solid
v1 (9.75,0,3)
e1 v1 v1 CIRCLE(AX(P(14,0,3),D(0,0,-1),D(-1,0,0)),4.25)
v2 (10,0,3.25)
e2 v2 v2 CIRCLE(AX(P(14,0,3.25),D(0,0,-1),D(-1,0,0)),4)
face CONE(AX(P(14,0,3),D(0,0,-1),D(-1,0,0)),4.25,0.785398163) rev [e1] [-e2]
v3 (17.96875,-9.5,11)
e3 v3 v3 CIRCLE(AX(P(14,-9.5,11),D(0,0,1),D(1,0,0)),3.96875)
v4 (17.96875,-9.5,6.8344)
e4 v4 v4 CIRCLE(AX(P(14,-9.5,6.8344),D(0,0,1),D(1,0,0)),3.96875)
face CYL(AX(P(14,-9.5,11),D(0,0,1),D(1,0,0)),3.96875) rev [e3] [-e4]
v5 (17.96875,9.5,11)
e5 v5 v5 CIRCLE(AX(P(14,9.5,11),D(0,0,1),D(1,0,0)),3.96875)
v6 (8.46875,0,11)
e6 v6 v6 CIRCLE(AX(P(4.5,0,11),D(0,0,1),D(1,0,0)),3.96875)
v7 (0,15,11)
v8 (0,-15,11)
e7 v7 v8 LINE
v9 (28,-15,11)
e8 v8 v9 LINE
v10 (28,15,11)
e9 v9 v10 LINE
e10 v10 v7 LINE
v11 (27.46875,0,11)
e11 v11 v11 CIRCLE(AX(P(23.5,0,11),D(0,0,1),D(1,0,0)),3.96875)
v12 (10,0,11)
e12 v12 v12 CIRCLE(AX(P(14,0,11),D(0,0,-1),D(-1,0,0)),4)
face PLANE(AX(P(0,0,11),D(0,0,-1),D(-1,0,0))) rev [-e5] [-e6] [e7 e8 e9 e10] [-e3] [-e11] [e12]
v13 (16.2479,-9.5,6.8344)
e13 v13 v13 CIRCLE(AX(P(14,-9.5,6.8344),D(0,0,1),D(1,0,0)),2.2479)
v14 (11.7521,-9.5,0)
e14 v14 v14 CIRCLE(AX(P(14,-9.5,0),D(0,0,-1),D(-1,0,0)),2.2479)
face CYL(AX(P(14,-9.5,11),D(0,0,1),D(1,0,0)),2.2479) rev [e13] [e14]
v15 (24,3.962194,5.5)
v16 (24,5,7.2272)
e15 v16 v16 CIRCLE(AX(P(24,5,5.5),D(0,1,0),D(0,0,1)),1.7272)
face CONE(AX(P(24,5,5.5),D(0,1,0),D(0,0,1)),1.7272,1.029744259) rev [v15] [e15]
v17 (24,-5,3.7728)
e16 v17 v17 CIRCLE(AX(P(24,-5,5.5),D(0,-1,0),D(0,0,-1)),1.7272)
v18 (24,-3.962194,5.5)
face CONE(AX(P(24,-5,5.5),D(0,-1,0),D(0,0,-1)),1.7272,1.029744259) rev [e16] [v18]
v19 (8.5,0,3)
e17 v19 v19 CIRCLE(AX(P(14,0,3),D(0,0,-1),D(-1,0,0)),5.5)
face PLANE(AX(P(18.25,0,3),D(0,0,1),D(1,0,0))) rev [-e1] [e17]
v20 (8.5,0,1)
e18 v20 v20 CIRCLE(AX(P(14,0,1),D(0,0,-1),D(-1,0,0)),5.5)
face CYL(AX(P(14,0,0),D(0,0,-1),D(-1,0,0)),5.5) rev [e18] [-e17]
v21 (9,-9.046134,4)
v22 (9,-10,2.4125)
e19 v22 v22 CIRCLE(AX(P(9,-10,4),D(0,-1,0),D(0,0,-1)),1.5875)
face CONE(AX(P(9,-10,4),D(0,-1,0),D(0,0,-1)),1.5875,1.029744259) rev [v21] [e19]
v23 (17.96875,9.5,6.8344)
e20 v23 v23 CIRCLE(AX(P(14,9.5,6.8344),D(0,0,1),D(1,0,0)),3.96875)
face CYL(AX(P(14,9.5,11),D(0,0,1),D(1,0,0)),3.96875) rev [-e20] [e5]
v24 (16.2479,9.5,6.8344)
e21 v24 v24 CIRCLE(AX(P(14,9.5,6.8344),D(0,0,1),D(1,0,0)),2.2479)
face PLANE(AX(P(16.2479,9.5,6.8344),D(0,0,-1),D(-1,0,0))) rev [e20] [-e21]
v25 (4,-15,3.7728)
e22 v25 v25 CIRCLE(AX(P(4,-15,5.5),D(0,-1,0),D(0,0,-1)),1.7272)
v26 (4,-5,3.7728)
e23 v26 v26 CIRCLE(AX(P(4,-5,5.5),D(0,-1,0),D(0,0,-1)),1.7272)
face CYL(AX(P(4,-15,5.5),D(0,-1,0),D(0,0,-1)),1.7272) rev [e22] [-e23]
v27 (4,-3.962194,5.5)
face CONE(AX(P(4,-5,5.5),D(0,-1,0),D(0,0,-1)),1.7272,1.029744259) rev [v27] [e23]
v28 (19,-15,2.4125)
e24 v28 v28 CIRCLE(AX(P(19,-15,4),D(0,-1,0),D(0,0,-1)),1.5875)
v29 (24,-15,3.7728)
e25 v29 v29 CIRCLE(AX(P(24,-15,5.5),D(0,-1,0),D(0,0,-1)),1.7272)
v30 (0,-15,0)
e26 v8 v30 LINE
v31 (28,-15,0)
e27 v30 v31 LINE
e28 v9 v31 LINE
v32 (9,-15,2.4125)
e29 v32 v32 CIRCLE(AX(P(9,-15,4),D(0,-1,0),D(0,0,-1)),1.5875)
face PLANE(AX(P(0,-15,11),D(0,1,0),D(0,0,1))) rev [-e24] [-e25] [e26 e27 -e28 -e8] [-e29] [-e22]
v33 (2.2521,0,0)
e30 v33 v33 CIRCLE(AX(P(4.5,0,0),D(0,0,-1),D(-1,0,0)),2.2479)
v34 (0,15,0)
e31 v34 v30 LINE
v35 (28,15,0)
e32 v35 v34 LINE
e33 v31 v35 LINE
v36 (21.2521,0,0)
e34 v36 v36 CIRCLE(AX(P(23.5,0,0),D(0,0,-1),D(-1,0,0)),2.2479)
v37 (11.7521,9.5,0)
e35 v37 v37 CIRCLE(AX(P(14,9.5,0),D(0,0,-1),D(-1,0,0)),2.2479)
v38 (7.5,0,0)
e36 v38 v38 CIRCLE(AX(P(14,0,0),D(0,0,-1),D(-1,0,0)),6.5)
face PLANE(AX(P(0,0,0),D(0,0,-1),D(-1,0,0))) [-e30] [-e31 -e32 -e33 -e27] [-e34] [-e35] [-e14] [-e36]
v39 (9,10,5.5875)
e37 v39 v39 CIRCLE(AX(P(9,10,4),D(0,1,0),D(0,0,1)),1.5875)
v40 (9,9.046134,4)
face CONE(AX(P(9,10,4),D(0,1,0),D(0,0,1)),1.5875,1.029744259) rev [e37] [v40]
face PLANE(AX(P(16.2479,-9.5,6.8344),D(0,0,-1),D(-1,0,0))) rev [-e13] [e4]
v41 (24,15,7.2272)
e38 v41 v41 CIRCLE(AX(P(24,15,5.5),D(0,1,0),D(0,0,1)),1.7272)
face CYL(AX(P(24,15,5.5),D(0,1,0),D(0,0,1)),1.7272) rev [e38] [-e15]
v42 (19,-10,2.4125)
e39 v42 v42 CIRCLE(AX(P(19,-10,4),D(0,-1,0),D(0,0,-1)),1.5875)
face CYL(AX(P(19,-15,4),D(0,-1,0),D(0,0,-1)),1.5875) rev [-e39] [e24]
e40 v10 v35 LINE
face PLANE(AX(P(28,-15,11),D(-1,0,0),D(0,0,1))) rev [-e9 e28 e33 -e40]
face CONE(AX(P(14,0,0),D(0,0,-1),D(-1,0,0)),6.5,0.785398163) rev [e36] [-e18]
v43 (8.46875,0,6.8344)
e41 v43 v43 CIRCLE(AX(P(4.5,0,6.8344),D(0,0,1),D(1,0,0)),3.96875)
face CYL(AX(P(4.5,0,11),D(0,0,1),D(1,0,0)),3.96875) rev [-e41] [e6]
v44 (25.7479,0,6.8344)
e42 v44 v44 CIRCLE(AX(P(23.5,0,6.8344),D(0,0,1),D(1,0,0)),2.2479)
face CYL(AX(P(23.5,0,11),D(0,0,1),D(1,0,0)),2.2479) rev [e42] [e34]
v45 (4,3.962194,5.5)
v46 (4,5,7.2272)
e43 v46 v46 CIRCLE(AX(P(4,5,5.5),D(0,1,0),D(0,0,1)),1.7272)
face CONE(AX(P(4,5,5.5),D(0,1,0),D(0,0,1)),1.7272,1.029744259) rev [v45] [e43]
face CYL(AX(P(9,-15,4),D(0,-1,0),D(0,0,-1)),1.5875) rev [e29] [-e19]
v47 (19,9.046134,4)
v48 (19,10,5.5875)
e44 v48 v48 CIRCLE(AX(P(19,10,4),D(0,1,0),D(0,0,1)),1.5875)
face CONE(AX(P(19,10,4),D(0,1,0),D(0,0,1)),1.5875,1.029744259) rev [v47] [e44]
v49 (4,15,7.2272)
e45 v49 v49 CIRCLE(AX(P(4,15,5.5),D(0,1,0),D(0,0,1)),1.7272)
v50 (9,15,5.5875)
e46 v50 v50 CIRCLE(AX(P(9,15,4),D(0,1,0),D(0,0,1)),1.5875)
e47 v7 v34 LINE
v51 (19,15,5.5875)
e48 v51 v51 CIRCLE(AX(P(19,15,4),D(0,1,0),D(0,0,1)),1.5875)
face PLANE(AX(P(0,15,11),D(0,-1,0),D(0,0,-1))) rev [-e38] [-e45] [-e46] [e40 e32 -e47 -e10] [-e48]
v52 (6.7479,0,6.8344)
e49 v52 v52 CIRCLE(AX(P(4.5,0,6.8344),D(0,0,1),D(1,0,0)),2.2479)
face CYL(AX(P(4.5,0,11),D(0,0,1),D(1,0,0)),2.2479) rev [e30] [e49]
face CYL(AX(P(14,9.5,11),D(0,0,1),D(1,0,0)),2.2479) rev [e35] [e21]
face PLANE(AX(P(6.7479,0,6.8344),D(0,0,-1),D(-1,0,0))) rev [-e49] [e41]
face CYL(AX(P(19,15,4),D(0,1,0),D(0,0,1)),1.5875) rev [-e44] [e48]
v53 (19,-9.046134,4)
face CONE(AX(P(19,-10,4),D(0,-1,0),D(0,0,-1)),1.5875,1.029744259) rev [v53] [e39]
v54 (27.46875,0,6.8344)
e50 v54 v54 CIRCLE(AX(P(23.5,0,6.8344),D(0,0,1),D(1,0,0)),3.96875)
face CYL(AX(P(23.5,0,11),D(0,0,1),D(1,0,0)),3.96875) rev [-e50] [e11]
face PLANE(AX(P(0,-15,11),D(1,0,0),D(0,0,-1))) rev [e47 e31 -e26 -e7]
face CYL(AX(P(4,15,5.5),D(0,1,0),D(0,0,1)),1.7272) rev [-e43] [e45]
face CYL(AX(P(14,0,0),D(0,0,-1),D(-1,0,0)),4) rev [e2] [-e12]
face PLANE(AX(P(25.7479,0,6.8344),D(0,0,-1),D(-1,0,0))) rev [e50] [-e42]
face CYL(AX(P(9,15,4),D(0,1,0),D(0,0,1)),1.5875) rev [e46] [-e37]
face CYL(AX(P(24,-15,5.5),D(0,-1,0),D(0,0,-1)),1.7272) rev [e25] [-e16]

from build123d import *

# Parameters (mm, degrees)
SKETCH1_W                                      = 28
SKETCH1_H                                      = 30
BOSS_EXTRUDE1_DEPTH                            = 11
CBORE_FOR_8_SOCKET_HEAD_CAP_SCREW3_D           = 4.4958
CBORE_FOR_8_SOCKET_HEAD_CAP_SCREW3_DEPTH       = 11
CBORE_FOR_8_SOCKET_HEAD_CAP_SCREW3_CBORE_D     = 7.9375
CBORE_FOR_8_SOCKET_HEAD_CAP_SCREW3_CBORE_DEPTH = 4.1656
F_8_32_TAPPED_HOLE1_AT_2_COUNT                 = 2
F_8_32_TAPPED_HOLE1_AT_2_PITCH                 = 20
F_1_8_0_1250_DOWEL_HOLE1_AT_2_COUNT            = 2
F_1_8_0_1250_DOWEL_HOLE1_AT_2_PITCH            = 10


with BuildPart() as part:
    # Sketch1 → Boss-Extrude1 (new body)
    with BuildSketch(Plane.XY):
        with Locations((14, 0)):
            Rectangle(SKETCH1_W, SKETCH1_H)
    extrude(amount=BOSS_EXTRUDE1_DEPTH)

    # Sketch16 → CBORE for M5 Hex Head Bolt1 (revolve, cut)
    with BuildSketch(Plane.YZ.offset(14)):
        Polygon((0, 0), (0, 11), (4, 11), (4, 3.25), (4.25, 3), (5.5, 3), (5.5, 1), (6.5, 0), align=None)
    revolve(axis=Axis((14, 0, -6.35), (0, 0, 1)), mode=Mode.SUBTRACT)

    # CBORE for #8 Socket Head Cap Screw3
    with Locations(Plane.XY.offset(11)):
        with Locations((23.5, 0), (4.5, 0), (14, 9.5), (14, -9.5)):
            CounterBoreHole(CBORE_FOR_8_SOCKET_HEAD_CAP_SCREW3_D / 2, CBORE_FOR_8_SOCKET_HEAD_CAP_SCREW3_CBORE_D / 2, CBORE_FOR_8_SOCKET_HEAD_CAP_SCREW3_CBORE_DEPTH, depth=CBORE_FOR_8_SOCKET_HEAD_CAP_SCREW3_DEPTH)

    # Sketch13 → #8-32 Tapped Hole1 (revolve, cut)
    with BuildSketch(Plane(origin=(4, 15, 5.5), x_dir=(0, 0, 1), z_dir=(1, 0, 0))):
        Polygon((0, 0), (0, 11.037806461), (1.7272, 10), (1.7272, 0), align=None)
    f_8_32_tapped_hole1 = revolve(axis=Axis((4, 21.35, 5.5), (0, -1, 0)), mode=Mode.SUBTRACT)

    # #8-32 Tapped Hole1 at 2: #8-32 Tapped Hole1 ×2
    with Locations(*[(i * F_8_32_TAPPED_HOLE1_AT_2_PITCH, 0, 0) for i in range(1, F_8_32_TAPPED_HOLE1_AT_2_COUNT)]):
        add(f_8_32_tapped_hole1, mode=Mode.SUBTRACT)

    # Sketch20 → 1/8 (0.1250) Dowel Hole1 (revolve, cut)
    with BuildSketch(Plane(origin=(9, 15, 4), x_dir=(0, 0, 1), z_dir=(1, 0, 0))):
        Polygon((0, 0), (0, 5.953866233), (1.5875, 5), (1.5875, 0), align=None)
    f_1_8_0_1250_dowel_hole1 = revolve(axis=Axis((9, 21.35, 4), (0, -1, 0)), mode=Mode.SUBTRACT)

    # 1/8 (0.1250) Dowel Hole1 at 2: 1/8 (0.1250) Dowel Hole1 ×2
    with Locations(*[(i * F_1_8_0_1250_DOWEL_HOLE1_AT_2_PITCH, 0, 0) for i in range(1, F_1_8_0_1250_DOWEL_HOLE1_AT_2_COUNT)]):
        add(f_1_8_0_1250_dowel_hole1, mode=Mode.SUBTRACT)

    # Mirror1: 1/8 (0.1250) Dowel Hole1, #8-32 Tapped Hole1 across plane
    add(f_1_8_0_1250_dowel_hole1.mirror(Plane.ZX), mode=Mode.SUBTRACT)
    add(f_8_32_tapped_hole1.mirror(Plane.ZX), mode=Mode.SUBTRACT)

    # Mirror1 copy 1 sketch → Mirror1 copy 1 (revolve, cut)
    with BuildSketch(Plane(origin=(19, -15, 4), x_dir=(0, 0, 1), z_dir=(1, 0, 0))):
        Polygon((0, 0), (0, -5.953866233), (1.5875, -5), (1.5875, 0), align=None)
    revolve(axis=Axis((19, -21.35, 4), (0, -1, 0)), mode=Mode.SUBTRACT)

    # Mirror1 copy 2 sketch → Mirror1 copy 2 (revolve, cut)
    with BuildSketch(Plane(origin=(24, -15, 5.5), x_dir=(0, 0, 1), z_dir=(1, 0, 0))):
        Polygon((0, 0), (0, -11.037806461), (1.7272, -10), (1.7272, 0), align=None)
    revolve(axis=Axis((24, -21.35, 5.5), (0, -1, 0)), mode=Mode.SUBTRACT)


solid = part.part
